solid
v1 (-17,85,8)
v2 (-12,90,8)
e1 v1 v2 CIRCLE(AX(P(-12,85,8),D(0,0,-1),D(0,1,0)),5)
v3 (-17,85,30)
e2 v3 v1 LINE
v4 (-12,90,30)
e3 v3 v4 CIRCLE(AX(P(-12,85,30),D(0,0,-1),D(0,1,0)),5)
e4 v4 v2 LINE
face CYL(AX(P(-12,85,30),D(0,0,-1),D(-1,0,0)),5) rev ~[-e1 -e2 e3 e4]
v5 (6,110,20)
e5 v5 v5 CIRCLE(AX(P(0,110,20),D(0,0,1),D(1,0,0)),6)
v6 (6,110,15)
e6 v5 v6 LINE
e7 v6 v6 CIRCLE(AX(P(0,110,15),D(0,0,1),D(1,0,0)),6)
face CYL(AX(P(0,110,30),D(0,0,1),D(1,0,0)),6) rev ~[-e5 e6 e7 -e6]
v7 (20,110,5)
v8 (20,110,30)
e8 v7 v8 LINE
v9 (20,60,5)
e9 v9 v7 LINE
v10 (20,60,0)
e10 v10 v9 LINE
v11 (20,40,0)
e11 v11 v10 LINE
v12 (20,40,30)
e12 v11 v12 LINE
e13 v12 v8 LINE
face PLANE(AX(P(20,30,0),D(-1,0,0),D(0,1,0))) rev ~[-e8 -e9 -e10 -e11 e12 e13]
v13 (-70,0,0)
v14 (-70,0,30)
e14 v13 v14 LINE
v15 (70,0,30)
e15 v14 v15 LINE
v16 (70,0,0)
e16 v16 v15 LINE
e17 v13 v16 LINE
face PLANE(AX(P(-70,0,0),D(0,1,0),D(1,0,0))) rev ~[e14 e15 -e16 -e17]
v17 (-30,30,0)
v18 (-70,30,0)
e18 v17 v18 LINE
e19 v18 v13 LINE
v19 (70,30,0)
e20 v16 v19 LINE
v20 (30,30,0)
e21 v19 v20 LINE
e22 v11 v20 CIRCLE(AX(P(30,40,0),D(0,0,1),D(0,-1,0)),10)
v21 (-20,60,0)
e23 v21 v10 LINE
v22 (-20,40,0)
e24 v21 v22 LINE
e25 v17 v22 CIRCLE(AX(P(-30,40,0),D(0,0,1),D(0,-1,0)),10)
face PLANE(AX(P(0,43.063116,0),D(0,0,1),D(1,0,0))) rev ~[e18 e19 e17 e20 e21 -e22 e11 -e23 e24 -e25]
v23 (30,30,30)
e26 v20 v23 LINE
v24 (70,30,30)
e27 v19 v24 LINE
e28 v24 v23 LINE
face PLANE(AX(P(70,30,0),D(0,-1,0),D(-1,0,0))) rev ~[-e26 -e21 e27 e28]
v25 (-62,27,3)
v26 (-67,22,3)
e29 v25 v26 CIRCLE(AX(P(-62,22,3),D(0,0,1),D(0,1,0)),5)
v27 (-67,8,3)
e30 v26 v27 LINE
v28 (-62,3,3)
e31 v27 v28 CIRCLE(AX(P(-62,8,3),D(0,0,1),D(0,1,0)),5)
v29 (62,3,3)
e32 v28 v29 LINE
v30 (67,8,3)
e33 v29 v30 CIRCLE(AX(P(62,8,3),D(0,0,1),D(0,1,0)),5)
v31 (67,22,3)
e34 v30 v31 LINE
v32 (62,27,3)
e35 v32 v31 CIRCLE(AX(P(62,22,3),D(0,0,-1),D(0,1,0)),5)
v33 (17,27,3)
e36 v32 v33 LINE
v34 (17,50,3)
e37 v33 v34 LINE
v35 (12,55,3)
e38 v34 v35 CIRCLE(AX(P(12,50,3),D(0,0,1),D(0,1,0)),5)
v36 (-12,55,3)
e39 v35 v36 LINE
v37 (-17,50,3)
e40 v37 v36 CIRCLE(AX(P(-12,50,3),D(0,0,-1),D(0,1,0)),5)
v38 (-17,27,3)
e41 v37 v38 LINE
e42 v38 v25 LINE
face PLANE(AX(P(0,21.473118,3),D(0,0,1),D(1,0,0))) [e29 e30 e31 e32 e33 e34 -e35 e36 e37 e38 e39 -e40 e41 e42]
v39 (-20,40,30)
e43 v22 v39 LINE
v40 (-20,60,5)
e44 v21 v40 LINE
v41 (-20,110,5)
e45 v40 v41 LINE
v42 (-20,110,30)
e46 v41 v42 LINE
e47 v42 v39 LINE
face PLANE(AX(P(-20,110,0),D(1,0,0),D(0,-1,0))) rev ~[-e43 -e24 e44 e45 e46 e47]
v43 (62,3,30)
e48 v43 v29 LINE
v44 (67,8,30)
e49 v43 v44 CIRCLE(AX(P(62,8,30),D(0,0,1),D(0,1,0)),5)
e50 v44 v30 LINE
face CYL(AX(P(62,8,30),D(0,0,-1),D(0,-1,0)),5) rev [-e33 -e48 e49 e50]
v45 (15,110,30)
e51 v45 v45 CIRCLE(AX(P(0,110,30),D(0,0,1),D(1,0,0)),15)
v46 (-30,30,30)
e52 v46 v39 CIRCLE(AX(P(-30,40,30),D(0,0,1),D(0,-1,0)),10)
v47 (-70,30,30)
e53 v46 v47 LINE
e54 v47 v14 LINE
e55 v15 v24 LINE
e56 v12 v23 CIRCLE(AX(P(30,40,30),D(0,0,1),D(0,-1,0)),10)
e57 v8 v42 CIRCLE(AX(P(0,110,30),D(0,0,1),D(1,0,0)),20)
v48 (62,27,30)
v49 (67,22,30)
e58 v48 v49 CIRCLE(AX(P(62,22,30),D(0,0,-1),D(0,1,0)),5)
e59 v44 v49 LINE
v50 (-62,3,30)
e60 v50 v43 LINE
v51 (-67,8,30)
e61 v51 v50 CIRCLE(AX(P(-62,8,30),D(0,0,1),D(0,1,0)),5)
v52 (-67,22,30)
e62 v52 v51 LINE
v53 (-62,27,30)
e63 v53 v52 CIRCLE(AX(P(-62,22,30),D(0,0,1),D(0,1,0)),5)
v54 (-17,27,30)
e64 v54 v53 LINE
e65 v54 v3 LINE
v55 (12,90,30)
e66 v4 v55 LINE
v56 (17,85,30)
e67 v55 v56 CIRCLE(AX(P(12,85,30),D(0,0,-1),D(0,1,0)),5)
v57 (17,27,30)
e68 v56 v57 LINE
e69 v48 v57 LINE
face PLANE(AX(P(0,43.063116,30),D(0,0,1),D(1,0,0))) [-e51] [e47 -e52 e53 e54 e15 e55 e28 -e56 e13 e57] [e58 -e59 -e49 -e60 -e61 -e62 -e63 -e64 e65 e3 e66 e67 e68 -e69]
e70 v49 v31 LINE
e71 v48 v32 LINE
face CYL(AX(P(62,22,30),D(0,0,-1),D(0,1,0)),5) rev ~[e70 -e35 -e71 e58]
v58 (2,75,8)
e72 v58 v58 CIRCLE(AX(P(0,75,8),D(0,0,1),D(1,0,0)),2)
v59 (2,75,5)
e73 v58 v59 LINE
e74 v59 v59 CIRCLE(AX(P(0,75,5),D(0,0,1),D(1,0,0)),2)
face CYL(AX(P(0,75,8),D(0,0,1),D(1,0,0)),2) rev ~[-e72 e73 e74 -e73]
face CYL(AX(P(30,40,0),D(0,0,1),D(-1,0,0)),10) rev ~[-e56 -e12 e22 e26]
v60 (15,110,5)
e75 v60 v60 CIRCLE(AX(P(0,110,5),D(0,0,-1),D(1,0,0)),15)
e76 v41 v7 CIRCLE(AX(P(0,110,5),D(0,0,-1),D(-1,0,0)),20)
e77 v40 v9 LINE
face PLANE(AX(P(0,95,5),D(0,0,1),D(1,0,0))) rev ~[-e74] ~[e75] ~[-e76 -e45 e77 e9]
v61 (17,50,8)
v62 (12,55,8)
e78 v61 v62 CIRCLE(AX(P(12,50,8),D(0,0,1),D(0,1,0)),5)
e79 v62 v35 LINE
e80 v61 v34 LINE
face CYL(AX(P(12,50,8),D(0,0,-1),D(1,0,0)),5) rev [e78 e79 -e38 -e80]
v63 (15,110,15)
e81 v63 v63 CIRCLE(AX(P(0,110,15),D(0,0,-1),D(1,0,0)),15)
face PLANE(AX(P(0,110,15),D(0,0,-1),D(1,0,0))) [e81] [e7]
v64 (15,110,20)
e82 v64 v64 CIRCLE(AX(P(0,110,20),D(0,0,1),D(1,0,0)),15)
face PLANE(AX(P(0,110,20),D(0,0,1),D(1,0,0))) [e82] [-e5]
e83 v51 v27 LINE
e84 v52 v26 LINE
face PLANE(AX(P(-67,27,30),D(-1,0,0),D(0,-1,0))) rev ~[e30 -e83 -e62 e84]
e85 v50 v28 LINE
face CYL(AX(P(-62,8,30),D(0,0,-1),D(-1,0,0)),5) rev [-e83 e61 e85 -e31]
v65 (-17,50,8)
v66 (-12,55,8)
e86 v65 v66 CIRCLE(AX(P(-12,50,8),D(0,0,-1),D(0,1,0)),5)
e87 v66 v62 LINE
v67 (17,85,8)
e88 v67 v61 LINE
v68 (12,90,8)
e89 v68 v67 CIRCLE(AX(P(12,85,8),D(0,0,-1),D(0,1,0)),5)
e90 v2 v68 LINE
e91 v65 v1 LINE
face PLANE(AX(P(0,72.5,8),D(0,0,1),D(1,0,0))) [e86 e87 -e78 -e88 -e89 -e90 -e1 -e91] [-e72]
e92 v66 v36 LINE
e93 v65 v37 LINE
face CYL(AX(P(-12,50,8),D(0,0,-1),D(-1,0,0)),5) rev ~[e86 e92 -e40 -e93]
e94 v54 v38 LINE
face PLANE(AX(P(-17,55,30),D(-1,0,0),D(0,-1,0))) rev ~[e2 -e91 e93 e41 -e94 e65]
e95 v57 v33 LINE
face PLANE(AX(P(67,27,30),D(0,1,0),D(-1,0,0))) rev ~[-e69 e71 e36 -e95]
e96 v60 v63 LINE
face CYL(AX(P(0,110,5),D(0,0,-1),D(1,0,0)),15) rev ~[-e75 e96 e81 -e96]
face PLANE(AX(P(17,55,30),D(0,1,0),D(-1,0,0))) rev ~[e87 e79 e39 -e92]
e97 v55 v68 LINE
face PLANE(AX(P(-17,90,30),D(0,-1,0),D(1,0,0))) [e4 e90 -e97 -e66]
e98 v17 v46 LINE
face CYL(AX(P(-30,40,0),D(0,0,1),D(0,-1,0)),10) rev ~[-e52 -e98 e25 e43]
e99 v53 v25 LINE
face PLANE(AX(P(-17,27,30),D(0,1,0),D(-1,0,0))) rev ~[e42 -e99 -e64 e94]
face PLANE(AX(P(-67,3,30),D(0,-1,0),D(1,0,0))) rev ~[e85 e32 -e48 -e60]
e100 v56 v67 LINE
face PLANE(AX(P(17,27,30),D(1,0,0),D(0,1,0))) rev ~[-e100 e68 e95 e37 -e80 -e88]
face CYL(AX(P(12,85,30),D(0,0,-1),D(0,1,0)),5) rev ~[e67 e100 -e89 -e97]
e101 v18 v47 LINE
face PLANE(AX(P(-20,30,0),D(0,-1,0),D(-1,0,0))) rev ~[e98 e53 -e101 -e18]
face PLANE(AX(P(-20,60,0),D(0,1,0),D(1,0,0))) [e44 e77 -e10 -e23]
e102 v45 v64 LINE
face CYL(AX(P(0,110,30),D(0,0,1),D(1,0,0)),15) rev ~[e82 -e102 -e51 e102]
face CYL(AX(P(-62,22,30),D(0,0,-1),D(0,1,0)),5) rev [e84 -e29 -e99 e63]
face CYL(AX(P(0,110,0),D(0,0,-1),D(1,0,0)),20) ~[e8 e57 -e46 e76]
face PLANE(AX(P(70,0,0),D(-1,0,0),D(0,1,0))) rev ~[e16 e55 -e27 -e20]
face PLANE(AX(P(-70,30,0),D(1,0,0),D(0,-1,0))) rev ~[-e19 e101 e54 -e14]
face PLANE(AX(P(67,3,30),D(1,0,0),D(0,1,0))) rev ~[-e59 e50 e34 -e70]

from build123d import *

# Parameters (mm, degrees)
F1_DEPTH  = 30
F2_W      = 40
F2_H      = 70
F3_DEPTH  = 5
F5_DEPTH  = 27
F6_W      = 34
F6_H      = 35
F7_DEPTH  = 22
F8_R      = 15
F9_DEPTH  = 10
F10_R     = 6
F11_DEPTH = 30.001
F12_R     = 10
F13_R     = 5
F14_R     = 15
F15_DEPTH = 10
F16_R     = 2
F17_DEPTH = 8.001


with BuildPart() as f1:
    # F0 (on Top) → F1 (new body)
    with BuildSketch(Plane.XY):
        with BuildLine():
            Line((20, 30), (20, 110))
            ThreePointArc((20, 110), (0, 130), (-20, 110))
            Line((-20, 110), (-20, 30))
            Line((-20, 30), (-70, 30))
            Line((-70, 30), (-70, 0))
            Line((-70, 0), (70, 0))
            Line((70, 0), (70, 30))
            Line((70, 30), (20, 30))
        make_face()
    extrude(amount=F1_DEPTH)

    # F2 (on face) → F3 (cut)
    with BuildSketch(Plane.XY):
        with Locations((0, 95)):
            Rectangle(F2_W, F2_H)
    extrude(amount=F3_DEPTH, mode=Mode.SUBTRACT)

    # F4 (on face) → F5 (cut)
    with BuildSketch(Plane.XY.offset(30)):
        Polygon((-17, 55), (-17, 27), (-67, 27), (-67, 3), (67, 3), (67, 27), (17, 27), (17, 55), align=None)
    extrude(amount=-F5_DEPTH, mode=Mode.SUBTRACT)

    # F6 (on face) → F7 (cut)
    with BuildSketch(Plane.XY.offset(30)):
        with Locations((0, 72.5)):
            Rectangle(F6_W, F6_H)
    extrude(amount=-F7_DEPTH, mode=Mode.SUBTRACT)

    # F8 (on face) → F9 (cut)
    with BuildSketch(Plane.XY.offset(30)):
        with Locations((0, 110)):
            Circle(F8_R)
    extrude(amount=-F9_DEPTH, mode=Mode.SUBTRACT)

    # F10 (on face) → F11 (cut, through all)
    with BuildSketch(Plane.XY.offset(30)):
        with Locations((0, 110)):
            Circle(F10_R)
    extrude(amount=-F11_DEPTH, mode=Mode.SUBTRACT)

    # F12
    f12_edges = [f1.edges().sort_by_distance(p)[0] for p in [
        (20, 30, 15),
        (-20, 30, 15),
    ]]
    fillet(f12_edges, radius=F12_R)

    # F13
    f13_edges = [f1.edges().sort_by_distance(p)[0] for p in [
        (-17, 90, 19),
        (-67, 27, 16.5),
        (17, 90, 19),
        (67, 27, 16.5),
        (-67, 3, 16.5),
        (67, 3, 16.5),
        (-17, 55, 5.5),
        (17, 55, 5.5),
    ]]
    fillet(f13_edges, radius=F13_R)

    # F14 (on face) → F15 (cut)
    with BuildSketch(Plane(origin=(0, 0, 5), x_dir=(1, 0, 0), z_dir=(0, 0, -1))):
        with Locations((0, -110)):
            Circle(F14_R)
    extrude(amount=-F15_DEPTH, mode=Mode.SUBTRACT)

    # F16 (on face) → F17 (cut, through all)
    with BuildSketch(Plane.XY.offset(8)):
        with Locations((0, 75)):
            Circle(F16_R)
    extrude(amount=-F17_DEPTH, mode=Mode.SUBTRACT)


solid = f1.part
